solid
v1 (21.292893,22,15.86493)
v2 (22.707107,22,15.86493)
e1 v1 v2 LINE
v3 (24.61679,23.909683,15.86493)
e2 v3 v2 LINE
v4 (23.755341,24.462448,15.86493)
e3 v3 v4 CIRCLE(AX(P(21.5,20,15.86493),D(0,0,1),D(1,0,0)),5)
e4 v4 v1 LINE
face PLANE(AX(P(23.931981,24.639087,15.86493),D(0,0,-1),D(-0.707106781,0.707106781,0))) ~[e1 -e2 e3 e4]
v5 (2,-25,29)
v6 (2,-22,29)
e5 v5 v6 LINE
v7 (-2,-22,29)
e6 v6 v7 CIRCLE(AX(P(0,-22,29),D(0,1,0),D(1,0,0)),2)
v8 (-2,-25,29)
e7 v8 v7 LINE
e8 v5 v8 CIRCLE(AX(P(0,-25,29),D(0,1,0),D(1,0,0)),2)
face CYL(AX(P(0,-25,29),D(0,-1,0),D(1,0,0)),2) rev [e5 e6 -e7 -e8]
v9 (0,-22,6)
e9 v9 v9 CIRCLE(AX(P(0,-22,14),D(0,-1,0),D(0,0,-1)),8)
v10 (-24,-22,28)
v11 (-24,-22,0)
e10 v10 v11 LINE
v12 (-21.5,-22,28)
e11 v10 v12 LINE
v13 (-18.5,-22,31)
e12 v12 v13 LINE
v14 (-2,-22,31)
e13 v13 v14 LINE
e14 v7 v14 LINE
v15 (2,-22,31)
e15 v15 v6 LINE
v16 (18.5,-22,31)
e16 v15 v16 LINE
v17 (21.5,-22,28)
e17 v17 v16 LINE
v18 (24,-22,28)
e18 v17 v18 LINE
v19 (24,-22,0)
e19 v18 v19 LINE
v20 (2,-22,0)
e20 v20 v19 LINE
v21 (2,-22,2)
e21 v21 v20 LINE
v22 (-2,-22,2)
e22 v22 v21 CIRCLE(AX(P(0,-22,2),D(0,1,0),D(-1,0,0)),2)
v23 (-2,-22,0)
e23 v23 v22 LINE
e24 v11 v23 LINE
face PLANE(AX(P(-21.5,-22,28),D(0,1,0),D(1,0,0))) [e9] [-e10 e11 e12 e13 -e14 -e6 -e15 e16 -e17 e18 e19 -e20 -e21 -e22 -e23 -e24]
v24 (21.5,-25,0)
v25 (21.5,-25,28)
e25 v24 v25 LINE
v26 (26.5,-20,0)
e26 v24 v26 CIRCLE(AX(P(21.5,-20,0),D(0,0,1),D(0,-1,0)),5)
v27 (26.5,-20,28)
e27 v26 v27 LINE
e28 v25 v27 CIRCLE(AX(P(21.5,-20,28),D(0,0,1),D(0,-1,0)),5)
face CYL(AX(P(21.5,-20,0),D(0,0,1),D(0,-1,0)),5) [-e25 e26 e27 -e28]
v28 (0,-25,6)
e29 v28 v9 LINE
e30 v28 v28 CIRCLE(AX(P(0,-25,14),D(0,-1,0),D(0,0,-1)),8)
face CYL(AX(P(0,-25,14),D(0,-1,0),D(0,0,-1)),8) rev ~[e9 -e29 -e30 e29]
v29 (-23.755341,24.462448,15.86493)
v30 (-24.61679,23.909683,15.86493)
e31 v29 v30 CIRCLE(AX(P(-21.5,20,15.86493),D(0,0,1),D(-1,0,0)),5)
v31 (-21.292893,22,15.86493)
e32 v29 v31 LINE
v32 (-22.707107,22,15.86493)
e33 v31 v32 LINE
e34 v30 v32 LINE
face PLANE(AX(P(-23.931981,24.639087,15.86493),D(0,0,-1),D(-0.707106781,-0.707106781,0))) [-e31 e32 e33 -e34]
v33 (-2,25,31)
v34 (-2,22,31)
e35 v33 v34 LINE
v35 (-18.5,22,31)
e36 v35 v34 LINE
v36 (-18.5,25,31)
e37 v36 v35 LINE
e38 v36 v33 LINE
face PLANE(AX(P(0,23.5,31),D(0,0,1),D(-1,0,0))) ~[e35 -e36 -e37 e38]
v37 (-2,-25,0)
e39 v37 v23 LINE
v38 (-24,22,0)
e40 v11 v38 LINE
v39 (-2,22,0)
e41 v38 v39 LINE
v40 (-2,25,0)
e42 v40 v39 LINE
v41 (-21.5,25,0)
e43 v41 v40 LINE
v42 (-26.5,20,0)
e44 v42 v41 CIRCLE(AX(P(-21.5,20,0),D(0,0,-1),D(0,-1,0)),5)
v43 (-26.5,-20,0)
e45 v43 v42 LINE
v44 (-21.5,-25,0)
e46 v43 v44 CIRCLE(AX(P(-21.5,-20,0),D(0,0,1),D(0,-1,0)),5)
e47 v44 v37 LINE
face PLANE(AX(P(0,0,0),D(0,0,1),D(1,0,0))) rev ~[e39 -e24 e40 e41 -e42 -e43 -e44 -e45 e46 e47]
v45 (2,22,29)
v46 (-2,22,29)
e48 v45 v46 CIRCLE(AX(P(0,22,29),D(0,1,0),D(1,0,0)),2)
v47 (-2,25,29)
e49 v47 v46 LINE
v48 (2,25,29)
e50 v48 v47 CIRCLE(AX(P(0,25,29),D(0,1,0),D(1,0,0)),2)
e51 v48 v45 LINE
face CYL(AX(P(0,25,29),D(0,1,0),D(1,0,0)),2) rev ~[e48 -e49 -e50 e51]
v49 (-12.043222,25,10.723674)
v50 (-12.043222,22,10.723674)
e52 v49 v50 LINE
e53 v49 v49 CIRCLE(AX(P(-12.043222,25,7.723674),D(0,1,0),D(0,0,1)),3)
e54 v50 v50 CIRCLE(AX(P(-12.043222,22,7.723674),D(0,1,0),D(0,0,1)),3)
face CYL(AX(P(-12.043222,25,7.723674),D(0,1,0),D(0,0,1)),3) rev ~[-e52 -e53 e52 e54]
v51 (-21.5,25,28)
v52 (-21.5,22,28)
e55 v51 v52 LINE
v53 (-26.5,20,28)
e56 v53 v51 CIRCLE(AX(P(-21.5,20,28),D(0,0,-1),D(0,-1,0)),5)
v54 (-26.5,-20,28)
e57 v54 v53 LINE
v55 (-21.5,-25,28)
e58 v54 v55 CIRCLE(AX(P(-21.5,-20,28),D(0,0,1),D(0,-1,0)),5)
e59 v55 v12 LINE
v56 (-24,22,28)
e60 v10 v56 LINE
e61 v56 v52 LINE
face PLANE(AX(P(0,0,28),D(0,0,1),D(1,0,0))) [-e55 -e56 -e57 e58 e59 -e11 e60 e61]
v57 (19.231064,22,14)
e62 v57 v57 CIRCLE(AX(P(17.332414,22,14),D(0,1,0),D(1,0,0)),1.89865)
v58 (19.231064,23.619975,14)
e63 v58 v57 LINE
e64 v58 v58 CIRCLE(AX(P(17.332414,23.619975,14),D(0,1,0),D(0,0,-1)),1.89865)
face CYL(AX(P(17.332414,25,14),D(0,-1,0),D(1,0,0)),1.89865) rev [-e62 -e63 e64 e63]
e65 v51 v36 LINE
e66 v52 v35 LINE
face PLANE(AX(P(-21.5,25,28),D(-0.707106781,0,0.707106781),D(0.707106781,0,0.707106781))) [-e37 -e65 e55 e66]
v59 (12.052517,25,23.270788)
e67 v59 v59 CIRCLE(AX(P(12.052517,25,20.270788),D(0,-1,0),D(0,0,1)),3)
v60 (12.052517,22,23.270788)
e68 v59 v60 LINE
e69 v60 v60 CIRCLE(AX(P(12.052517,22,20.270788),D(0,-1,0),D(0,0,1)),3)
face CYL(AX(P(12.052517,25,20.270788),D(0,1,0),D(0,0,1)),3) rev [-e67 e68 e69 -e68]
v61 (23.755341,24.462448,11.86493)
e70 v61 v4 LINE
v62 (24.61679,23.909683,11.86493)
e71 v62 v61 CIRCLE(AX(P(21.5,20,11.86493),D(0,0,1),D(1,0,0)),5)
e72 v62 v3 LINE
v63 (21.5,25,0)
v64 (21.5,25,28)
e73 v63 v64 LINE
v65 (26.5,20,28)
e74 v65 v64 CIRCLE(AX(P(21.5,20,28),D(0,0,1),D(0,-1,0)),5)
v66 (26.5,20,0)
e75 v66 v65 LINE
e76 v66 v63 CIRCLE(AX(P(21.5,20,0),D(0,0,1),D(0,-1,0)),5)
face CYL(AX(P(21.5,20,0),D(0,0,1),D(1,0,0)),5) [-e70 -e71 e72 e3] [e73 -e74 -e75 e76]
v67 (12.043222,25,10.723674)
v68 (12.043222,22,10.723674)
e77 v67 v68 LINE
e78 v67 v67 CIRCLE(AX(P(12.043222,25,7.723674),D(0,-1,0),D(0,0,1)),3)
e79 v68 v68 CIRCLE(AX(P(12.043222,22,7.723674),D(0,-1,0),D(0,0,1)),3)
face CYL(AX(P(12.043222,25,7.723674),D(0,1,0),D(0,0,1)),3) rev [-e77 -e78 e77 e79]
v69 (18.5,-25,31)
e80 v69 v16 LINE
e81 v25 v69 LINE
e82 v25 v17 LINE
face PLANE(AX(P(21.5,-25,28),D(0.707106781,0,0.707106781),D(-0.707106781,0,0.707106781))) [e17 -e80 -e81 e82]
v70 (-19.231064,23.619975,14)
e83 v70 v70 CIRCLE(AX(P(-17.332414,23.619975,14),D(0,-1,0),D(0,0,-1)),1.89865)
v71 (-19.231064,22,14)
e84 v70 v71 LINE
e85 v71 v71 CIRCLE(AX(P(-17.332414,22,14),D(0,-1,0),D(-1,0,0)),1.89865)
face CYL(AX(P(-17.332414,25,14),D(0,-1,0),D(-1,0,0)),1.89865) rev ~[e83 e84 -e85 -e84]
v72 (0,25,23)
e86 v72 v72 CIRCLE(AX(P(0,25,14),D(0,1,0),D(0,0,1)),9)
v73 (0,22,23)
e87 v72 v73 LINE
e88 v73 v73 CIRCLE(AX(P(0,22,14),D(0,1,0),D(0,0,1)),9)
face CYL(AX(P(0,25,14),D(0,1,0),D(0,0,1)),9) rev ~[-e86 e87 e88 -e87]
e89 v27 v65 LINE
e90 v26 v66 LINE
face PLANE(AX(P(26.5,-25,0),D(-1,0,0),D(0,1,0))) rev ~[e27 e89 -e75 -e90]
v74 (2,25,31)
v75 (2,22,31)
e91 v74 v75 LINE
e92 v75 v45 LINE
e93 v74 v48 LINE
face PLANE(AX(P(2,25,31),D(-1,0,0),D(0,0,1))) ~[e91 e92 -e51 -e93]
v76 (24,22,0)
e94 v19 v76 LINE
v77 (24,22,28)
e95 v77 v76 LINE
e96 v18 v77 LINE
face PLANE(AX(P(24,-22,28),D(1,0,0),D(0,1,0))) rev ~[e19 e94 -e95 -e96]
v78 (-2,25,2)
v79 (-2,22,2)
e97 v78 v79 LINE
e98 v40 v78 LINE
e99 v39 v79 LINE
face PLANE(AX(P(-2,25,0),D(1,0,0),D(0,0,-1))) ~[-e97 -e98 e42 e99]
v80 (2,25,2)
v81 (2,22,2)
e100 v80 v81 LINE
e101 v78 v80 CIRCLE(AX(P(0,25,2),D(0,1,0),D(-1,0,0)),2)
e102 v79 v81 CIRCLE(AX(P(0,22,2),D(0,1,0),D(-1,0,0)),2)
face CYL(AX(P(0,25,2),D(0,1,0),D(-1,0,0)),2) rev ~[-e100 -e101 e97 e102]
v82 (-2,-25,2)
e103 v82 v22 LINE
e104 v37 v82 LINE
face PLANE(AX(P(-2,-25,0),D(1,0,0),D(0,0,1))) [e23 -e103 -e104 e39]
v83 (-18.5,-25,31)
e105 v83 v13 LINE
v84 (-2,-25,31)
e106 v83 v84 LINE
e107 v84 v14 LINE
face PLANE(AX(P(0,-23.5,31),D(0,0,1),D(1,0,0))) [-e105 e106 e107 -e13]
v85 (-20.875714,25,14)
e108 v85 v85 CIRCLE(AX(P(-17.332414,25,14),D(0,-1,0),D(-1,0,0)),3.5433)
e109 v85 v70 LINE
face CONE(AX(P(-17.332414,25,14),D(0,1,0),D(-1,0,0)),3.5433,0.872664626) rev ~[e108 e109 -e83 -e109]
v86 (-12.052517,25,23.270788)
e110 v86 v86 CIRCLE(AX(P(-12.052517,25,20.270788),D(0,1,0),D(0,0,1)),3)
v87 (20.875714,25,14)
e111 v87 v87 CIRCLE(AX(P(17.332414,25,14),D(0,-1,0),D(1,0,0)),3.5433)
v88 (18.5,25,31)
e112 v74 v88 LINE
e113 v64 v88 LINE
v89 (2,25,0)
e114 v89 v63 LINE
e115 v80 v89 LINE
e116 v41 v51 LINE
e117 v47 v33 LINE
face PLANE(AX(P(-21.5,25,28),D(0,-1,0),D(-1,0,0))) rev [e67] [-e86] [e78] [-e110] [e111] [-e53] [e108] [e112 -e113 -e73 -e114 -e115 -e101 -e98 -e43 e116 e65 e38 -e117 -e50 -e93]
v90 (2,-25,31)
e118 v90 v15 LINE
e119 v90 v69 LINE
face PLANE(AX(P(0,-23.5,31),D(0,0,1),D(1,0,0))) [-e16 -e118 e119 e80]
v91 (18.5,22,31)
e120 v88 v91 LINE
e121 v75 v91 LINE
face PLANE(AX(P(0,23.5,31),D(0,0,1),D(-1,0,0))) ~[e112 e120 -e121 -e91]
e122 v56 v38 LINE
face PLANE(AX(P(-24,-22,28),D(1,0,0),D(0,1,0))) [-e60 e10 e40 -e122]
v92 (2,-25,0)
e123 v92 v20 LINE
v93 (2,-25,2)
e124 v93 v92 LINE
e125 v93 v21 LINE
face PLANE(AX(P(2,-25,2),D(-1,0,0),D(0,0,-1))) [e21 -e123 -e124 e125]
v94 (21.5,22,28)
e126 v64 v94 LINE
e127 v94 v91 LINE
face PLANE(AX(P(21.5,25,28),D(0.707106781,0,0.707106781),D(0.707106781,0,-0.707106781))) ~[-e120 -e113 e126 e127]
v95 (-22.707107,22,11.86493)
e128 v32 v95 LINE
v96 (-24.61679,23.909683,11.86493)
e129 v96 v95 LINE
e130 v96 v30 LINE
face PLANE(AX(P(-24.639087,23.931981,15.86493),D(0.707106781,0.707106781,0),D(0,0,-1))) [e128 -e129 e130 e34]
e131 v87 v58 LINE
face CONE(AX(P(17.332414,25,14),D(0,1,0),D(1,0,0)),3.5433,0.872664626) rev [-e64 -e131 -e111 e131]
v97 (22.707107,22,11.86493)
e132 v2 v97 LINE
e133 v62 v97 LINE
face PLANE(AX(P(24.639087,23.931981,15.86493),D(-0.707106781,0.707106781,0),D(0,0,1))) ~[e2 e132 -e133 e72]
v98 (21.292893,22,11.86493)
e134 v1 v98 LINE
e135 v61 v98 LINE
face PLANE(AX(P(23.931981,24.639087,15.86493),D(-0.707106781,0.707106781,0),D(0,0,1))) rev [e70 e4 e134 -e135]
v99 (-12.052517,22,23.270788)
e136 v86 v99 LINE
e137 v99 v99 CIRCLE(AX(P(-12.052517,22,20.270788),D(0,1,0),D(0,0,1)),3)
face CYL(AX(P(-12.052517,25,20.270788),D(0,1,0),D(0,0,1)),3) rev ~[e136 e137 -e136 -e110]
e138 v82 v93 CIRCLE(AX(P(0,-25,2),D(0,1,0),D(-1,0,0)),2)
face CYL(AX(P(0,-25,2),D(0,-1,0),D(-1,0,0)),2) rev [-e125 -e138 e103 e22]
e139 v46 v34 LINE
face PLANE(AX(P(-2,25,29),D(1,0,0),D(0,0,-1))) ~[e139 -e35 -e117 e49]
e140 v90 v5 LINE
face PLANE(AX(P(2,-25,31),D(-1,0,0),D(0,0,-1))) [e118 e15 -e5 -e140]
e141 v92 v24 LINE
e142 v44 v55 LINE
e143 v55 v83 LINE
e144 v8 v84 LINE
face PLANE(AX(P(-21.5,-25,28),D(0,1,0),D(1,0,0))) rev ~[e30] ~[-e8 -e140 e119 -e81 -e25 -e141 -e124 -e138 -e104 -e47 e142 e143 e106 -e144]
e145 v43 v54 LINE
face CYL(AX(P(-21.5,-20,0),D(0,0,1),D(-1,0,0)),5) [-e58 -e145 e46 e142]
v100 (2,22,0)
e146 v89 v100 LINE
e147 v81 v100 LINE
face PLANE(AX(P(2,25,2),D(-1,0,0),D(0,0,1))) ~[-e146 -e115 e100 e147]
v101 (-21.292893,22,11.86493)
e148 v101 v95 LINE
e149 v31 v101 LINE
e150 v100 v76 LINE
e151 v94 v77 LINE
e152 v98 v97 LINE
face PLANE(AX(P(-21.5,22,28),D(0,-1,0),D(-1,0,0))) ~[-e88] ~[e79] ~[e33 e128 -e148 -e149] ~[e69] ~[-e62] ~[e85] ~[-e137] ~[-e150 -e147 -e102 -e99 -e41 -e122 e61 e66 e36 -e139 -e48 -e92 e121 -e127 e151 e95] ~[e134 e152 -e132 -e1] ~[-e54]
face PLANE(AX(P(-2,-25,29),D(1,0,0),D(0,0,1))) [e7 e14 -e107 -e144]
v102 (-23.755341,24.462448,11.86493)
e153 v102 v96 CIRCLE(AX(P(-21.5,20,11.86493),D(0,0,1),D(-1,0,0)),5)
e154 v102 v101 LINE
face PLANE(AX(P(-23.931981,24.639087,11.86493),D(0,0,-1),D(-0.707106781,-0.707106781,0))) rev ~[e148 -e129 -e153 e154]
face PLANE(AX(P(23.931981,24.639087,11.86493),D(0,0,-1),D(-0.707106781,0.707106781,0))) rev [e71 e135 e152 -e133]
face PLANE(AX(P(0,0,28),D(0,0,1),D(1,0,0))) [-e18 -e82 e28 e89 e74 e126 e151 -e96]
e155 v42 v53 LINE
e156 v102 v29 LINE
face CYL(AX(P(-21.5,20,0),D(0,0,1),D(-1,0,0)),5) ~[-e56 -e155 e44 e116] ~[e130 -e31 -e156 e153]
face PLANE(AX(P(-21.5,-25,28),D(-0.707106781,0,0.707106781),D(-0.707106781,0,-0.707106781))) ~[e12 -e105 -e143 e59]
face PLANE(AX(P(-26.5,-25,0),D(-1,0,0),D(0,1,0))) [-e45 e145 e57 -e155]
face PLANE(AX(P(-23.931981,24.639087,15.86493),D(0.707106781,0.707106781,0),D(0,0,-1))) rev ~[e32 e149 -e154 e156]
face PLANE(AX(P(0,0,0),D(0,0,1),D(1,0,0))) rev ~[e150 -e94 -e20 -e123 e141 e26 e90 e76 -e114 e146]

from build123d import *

# Parameters (mm, degrees)
SKETCH1_W                                         = 53
SKETCH1_H                                         = 50
BOSS_EXTRUDE1_DEPTH                               = 28
FILLET1_R                                         = 5
SKETCH2_W                                         = 48
SKETCH2_H                                         = 44
CUT_EXTRUDE1_DEPTH                                = 28
SKETCH3_W                                         = 43
SKETCH3_H                                         = 3
BOSS_EXTRUDE2_DEPTH                               = 3
CUT_EXTRUDE2_DEPTH                                = 3
SKETCH10_R                                        = 8
CUT_EXTRUDE3_DEPTH                                = 3
CUT_EXTRUDE4_DEPTH                                = 3
CUT_EXTRUDE5_DEPTH                                = 3
MIRROR2_COPY_1_DEPTH                              = 3
SKETCH13_R                                        = 9
CUT_EXTRUDE12_DEPTH                               = 3
SKETCH14_R                                        = 3
CUT_EXTRUDE13_DEPTH                               = 3
SKETCH15_R                                        = 3
CUT_EXTRUDE14_DEPTH                               = 3
SKETCH39_W                                        = 4
SKETCH39_H                                        = 1
CUT_EXTRUDE15_DEPTH                               = 5
CSK_FOR_6_FLAT_HEAD_MACHINE_SCREW_100_D           = 3.7973
CSK_FOR_6_FLAT_HEAD_MACHINE_SCREW_100_DEPTH       = 3
CSK_FOR_6_FLAT_HEAD_MACHINE_SCREW_100_CSINK_D     = 7.0866
CSK_FOR_6_FLAT_HEAD_MACHINE_SCREW_100_CSINK_ANGLE = 100


with BuildPart() as part:
    # Sketch1 → Boss-Extrude1 (new body)
    with BuildSketch(Plane.XY):
        Rectangle(SKETCH1_W, SKETCH1_H)
    extrude(amount=BOSS_EXTRUDE1_DEPTH)

    # Fillet1
    fillet1_edges = [part.edges().sort_by_distance(p)[0] for p in [
        (26.5, -25, 14),
        (-26.5, -25, 14),
        (-26.5, 25, 14),
        (26.5, 25, 14),
    ]]
    fillet(fillet1_edges, radius=FILLET1_R)

    # Sketch2 → Cut-Extrude1 (cut)
    with BuildSketch(Plane.XY.offset(28)):
        Rectangle(SKETCH2_W, SKETCH2_H)
    extrude(amount=-CUT_EXTRUDE1_DEPTH, mode=Mode.SUBTRACT)

    # Sketch3 → Boss-Extrude2 (add)
    with BuildSketch(Plane.XY.offset(28)):
        with Locations((0, -23.5)):
            Rectangle(SKETCH3_W, SKETCH3_H)
    boss_extrude2 = extrude(amount=BOSS_EXTRUDE2_DEPTH)

    # Sketch9 → Cut-Extrude2 (cut)
    with BuildSketch(Plane.XZ.offset(25)):
        Polygon((21.5, 28), (18.5, 31), (21.5, 31), align=None)
    cut_extrude2 = extrude(amount=-CUT_EXTRUDE2_DEPTH, mode=Mode.SUBTRACT)

    # Mirror1: Cut-Extrude2 across plane
    add(cut_extrude2.mirror(Plane(origin=(0, 0, 0), x_dir=(0, 0, 1), z_dir=(1, 0, 0))), mode=Mode.SUBTRACT)

    # Sketch10 → Cut-Extrude3 (cut)
    with BuildSketch(Plane(origin=(0, -25, 0), x_dir=(-1, 0, 0), z_dir=(0, -1, 0))):
        with Locations(Location((0, -14, 0), (0, 0, 90))):
            Circle(SKETCH10_R)
    extrude(amount=-CUT_EXTRUDE3_DEPTH, mode=Mode.SUBTRACT)

    # Sketch11 → Cut-Extrude4 (cut)
    with BuildSketch(Plane.XZ.offset(25)):
        with BuildLine():
            Line((2, 31), (2, 29))
            ThreePointArc((2, 29), (0, 27), (-2, 29))
            Line((-2, 29), (-2, 31))
            ThreePointArc((-2, 31), (0, 33), (2, 31))
        make_face()
    cut_extrude4 = extrude(amount=-CUT_EXTRUDE4_DEPTH, mode=Mode.SUBTRACT)

    # Sketch12 → Cut-Extrude5 (cut)
    with BuildSketch(Plane.XZ.offset(25)):
        with BuildLine():
            Line((-2, 0), (-2, 2))
            ThreePointArc((-2, 2), (0, 4), (2, 2))
            Line((2, 2), (2, 0))
            ThreePointArc((2, 0), (0, -2), (-2, 0))
        make_face()
    cut_extrude5 = extrude(amount=-CUT_EXTRUDE5_DEPTH, mode=Mode.SUBTRACT)

    # Mirror2: Boss-Extrude2, Cut-Extrude2, Cut-Extrude4, Cut-Extrude5 across plane
    add(boss_extrude2.mirror(Plane.ZX))
    add(cut_extrude2.mirror(Plane.ZX), mode=Mode.SUBTRACT)
    add(cut_extrude4.mirror(Plane.ZX), mode=Mode.SUBTRACT)
    add(cut_extrude5.mirror(Plane.ZX), mode=Mode.SUBTRACT)

    # Mirror2 copy 1 sketch → Mirror2 copy 1 (cut)
    with BuildSketch(Plane(origin=(0, 25, 0), x_dir=(-1, 0, 0), z_dir=(0, 1, 0))):
        Polygon((21.5, 28), (18.5, 31), (21.5, 31), align=None)
    extrude(amount=-MIRROR2_COPY_1_DEPTH, mode=Mode.SUBTRACT)

    # Sketch13 → Cut-Extrude12 (cut)
    with BuildSketch(Plane(origin=(0, 25, 0), x_dir=(1, 0, 0), z_dir=(0, 1, 0))):
        with Locations(Location((0, -14, 0), (0, 0, 270))):
            Circle(SKETCH13_R)
    extrude(amount=-CUT_EXTRUDE12_DEPTH, mode=Mode.SUBTRACT)

    # Sketch14 → Cut-Extrude13 (cut)
    with BuildSketch(Plane(origin=(0, 25, 0), x_dir=(1, 0, 0), z_dir=(0, 1, 0))):
        with Locations(Location((-12.052516567, -20.270787808, 0), (0, 0, 270))):
            Circle(SKETCH14_R)
    cut_extrude13 = extrude(amount=-CUT_EXTRUDE13_DEPTH, mode=Mode.SUBTRACT)

    # Sketch15 → Cut-Extrude14 (cut)
    with BuildSketch(Plane(origin=(0, 25, 0), x_dir=(1, 0, 0), z_dir=(0, 1, 0))):
        with Locations(Location((-12.043222485, -7.723673845, 0), (0, 0, 270))):
            Circle(SKETCH15_R)
    cut_extrude14 = extrude(amount=-CUT_EXTRUDE14_DEPTH, mode=Mode.SUBTRACT)

    # Sketch39 → Cut-Extrude15 (cut)
    with BuildSketch(Plane(origin=(-24.285533906, 24.285533906, 0), x_dir=(0, 0, -1), z_dir=(-0.7071067811865464, 0.7071067811865488, 0))):
        with Locations((-13.86492965, 0)):
            Rectangle(SKETCH39_W, SKETCH39_H)
    cut_extrude15 = extrude(amount=-CUT_EXTRUDE15_DEPTH, mode=Mode.SUBTRACT)

    # CSK for #6 Flat Head Machine Screw (100)1
    with Locations(Plane(origin=(0, 25, 0), x_dir=(1, 0, 0), z_dir=(0, 1, 0))):
        with Locations((-17.332413571, -14)):
            csk_for_6_flat_head_machine_screw_100 = CounterSinkHole(CSK_FOR_6_FLAT_HEAD_MACHINE_SCREW_100_D / 2, CSK_FOR_6_FLAT_HEAD_MACHINE_SCREW_100_CSINK_D / 2, depth=CSK_FOR_6_FLAT_HEAD_MACHINE_SCREW_100_DEPTH, counter_sink_angle=CSK_FOR_6_FLAT_HEAD_MACHINE_SCREW_100_CSINK_ANGLE)

    # Mirror3: Cut-Extrude13, Cut-Extrude14, Cut-Extrude15, CSK for #6 Flat Head Machine Screw (100)1 across plane
    add(cut_extrude13.mirror(Plane(origin=(0, 0, 0), x_dir=(0, 0, 1), z_dir=(1, 0, 0))), mode=Mode.SUBTRACT)
    add(cut_extrude14.mirror(Plane(origin=(0, 0, 0), x_dir=(0, 0, 1), z_dir=(1, 0, 0))), mode=Mode.SUBTRACT)
    add(cut_extrude15.mirror(Plane(origin=(0, 0, 0), x_dir=(0, 0, 1), z_dir=(1, 0, 0))), mode=Mode.SUBTRACT)
    add(csk_for_6_flat_head_machine_screw_100.mirror(Plane(origin=(0, 0, 0), x_dir=(0, 0, 1), z_dir=(1, 0, 0))), mode=Mode.SUBTRACT)


solid = part.part
